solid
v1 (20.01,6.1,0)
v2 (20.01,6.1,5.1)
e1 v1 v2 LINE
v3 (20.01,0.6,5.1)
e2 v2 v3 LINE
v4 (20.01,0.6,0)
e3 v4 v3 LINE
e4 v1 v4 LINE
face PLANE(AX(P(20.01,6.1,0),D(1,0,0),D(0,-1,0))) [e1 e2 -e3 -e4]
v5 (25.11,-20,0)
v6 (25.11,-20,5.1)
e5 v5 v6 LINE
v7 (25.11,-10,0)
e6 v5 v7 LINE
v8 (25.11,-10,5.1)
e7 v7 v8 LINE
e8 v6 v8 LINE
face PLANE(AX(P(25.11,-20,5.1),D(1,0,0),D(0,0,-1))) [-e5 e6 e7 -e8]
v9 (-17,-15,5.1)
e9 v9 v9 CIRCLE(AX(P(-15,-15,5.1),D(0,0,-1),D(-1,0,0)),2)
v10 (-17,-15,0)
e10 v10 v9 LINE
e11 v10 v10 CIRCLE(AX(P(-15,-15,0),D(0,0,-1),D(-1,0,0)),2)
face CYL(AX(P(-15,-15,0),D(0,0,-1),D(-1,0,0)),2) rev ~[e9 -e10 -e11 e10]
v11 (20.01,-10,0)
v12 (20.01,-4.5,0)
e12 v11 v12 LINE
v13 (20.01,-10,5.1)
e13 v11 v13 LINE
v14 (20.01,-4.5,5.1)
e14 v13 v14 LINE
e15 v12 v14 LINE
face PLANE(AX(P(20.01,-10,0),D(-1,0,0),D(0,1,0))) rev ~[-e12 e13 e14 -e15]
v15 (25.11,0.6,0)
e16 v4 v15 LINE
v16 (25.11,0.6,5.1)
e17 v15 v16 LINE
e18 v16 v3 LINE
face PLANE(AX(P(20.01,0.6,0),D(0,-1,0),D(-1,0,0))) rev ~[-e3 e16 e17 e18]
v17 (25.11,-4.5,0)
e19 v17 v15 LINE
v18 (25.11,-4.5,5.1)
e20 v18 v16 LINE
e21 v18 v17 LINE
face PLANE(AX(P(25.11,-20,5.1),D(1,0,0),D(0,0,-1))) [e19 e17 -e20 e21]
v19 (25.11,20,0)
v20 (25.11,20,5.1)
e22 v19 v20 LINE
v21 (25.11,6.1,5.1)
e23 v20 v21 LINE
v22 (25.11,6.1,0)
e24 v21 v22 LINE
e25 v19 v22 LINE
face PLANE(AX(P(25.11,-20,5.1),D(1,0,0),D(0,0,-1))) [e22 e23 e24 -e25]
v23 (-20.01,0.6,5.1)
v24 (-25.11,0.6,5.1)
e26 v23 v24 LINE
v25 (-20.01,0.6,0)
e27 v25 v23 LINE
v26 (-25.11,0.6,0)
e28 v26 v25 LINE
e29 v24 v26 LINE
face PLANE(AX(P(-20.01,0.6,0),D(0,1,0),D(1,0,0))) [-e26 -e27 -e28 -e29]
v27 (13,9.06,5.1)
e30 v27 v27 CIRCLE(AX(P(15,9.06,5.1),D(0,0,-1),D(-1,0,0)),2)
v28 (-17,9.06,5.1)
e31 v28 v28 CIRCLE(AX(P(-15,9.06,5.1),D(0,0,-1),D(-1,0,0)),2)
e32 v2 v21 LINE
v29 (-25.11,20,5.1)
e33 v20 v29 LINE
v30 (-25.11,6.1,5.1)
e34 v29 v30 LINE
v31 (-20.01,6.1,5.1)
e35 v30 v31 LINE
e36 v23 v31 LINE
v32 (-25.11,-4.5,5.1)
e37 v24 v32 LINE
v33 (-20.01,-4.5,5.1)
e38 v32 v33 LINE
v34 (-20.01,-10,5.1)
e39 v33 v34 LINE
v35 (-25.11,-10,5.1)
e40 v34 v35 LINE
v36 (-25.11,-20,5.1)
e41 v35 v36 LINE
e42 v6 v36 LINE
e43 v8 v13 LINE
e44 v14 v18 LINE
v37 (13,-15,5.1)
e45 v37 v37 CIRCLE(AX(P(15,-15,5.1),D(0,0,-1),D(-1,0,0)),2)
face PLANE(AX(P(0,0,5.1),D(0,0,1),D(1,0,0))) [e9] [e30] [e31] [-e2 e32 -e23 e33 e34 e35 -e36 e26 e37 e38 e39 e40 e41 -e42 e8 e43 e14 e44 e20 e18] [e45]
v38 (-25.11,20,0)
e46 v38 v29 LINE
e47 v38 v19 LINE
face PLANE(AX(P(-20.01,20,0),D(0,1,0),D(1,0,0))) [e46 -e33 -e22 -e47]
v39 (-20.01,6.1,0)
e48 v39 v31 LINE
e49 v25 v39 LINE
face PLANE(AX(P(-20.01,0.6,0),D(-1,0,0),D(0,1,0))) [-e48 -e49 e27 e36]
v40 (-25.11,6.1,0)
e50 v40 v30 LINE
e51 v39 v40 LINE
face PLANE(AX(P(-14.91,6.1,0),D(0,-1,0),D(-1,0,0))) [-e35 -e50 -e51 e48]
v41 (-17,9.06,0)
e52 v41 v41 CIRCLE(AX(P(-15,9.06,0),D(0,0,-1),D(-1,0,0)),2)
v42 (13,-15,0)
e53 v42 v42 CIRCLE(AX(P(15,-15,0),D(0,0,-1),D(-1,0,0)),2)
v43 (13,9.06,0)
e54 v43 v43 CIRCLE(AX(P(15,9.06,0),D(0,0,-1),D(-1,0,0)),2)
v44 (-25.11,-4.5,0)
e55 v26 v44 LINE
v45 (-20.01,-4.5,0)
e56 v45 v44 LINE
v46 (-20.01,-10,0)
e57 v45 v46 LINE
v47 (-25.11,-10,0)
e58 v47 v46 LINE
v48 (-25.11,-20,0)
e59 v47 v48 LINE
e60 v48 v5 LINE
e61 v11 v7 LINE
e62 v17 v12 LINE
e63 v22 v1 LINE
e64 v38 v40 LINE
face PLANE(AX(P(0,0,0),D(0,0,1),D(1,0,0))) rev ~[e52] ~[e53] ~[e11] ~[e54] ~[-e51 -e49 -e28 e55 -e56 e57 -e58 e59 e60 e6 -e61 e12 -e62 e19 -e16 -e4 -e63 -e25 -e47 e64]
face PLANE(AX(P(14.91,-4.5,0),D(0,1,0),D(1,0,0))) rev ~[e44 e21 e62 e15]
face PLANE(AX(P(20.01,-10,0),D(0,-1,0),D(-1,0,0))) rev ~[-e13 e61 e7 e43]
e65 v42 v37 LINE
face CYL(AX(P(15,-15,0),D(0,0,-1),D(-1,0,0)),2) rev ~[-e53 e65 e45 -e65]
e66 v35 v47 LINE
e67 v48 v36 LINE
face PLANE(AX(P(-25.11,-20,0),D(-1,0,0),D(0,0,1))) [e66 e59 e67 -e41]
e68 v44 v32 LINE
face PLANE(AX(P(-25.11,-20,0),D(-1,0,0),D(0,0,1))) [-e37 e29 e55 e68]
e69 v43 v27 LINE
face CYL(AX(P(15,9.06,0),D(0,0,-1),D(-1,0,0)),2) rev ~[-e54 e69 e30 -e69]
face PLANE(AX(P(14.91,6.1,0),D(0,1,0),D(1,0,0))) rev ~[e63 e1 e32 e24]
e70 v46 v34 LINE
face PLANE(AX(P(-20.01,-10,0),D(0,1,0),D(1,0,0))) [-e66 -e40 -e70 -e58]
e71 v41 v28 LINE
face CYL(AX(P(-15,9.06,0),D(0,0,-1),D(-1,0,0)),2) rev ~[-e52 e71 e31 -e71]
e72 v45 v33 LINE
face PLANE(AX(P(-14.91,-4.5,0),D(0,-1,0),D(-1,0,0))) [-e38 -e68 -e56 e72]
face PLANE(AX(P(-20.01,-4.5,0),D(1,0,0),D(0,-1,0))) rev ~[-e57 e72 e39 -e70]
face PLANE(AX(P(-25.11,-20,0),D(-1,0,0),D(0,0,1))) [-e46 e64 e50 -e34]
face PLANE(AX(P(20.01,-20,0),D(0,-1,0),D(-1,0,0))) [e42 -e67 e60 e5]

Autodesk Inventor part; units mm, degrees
ref_plane "YZ Plane" through (0, 0, 0) normal (1, 0, 0) x (0, 1, 0)
ref_plane "XZ Plane" through (0, 0, 0) normal (0, 1, 0) x (-1, 0, 0)
ref_plane "XY Plane" through (0, 0, 0) normal (0, 0, 1) x (1, 0, 0)
sketch "Sketch1" plane through (0, 0, 0) normal (0, 0, 1) x (1, 0, 0)
  line L0 (20.01, -20) -> (-20.01, -20)
  line L1 (-20.01, -20) -> (-20.01, 20)
  line L2 (-20.01, 20) -> (20.01, 20)
  line L3 (20.01, 20) -> (20.01, -20)
  line L4 (20.01, -20) -> (-20.01, 20) construction
  line L5 (-20.01, -20) -> (20.01, 20) construction
  line L6 (-20.01, 20) -> (-25.11, 20)
  line L7 (-25.11, 20) -> (-25.11, -20)
  line L8 (-25.11, -20) -> (-20.01, -20)
  line L9 (-20.01, -20) -> (-20.01, 20)
  line L10 (20.01, 20) -> (25.11, 20)
  line L11 (25.11, 20) -> (25.11, -20)
  line L12 (25.11, -20) -> (20.01, -20)
  line L13 (20.01, -20) -> (20.01, 20)
  point P0 (0, 0)
  point P1 (20.01, -20)
  dimension "d0" = 40.02
  dimension "d1" = 40
  dimension "d2" = 5.1
  dimension "d3" = 5.1
extrude "Extrusion1" add sketch "Sketch1" along normal blind 5.1 contours L0 L1 L2 L3
sketch "Sketch3" plane through (0, 0, 0) normal (0, 0, -1) x (-1, 0, 0)
  circle A0 centre (15, -15) radius 2
  circle A1 centre (-15, -15) radius 2
  circle A2 centre (15, 9.06) radius 2
  circle A3 centre (-15, 9.06) radius 2
  point P0 (0, 0)
  dimension "d8" = 4
  dimension "d9" = 4
  dimension "d10" = 4
  dimension "d11" = 4
  dimension "d12" = 15
  dimension "d14" = 15
  dimension "d16" = 15
  dimension "d17" = 15
  dimension "d18" = 15
  dimension "d19" = 15
  dimension "d30" = 24.06
  dimension "d31" = 24.06
extrude "Extrusion3" cut sketch "Sketch3" against normal blind 10
thread "Thread1" size "M4x0.7" class "6H" standard "ANSI Metric M Profile" length 150
thread "Thread2" size "M4x0.7" class "6H" standard "ANSI Metric M Profile" length 150
thread "Thread3" size "M4x0.7" class "6H" standard "ANSI Metric M Profile" length 150
thread "Thread4" size "M4x0.7" class "6H" standard "ANSI Metric M Profile" length 150
sketch "Sketch4" plane through (0, 0, 0) normal (0, 0, -1) x (-1, 0, 0)
  line L0 (20.01, 20) -> (20.01, -20) projected
  line L1 (20.01, -10) -> (14.91, -10)
  line L2 (14.91, -10) -> (14.91, -4.5)
  line L3 (14.91, -4.5) -> (20.01, -4.5)
  line L4 (20.01, -4.5) -> (20.01, -10)
  line L5 (20.01, -20) -> (-20.01, -20) projected
  line L6 (20.01, 0.6) -> (14.91, 0.6)
  line L7 (14.91, 0.6) -> (14.91, 6.1)
  line L8 (14.91, 6.1) -> (20.01, 6.1)
  line L9 (20.01, 6.1) -> (20.01, 0.6)
  line L10 (-20.01, 20) -> (20.01, 20) projected
  line L11 (0, 0) -> (0, -7.4) construction
  line L12 (-20.01, -10) -> (-14.91, -10)
  line L13 (-14.91, -10) -> (-14.91, -4.5)
  line L14 (-14.91, -4.5) -> (-20.01, -4.5)
  line L15 (-20.01, -4.5) -> (-20.01, -10)
  line L16 (-20.01, 0.6) -> (-14.91, 0.6)
  line L17 (-14.91, 0.6) -> (-14.91, 6.1)
  line L18 (-14.91, 6.1) -> (-20.01, 6.1)
  line L19 (-20.01, 6.1) -> (-20.01, 0.6)
  dimension "d32" = 5.1
  dimension "d33" = 5.5
  dimension "d34" = 10
  dimension "d35" = 5.1
  dimension "d36" = 5.5
  dimension "d37" = 13.9
extrude "Extrusion4" cut sketch "Sketch4" against normal blind 10
sketch "Sketch5" plane through (-20.01, -20, 0) normal (-1, 0, 0) x (0, 0, 1)
  line L0 (5.1, 10) -> (0, 10) projected
  line L1 (0, 10) -> (0, 0) projected
  line L2 (0, 0) -> (5.1, 0) projected
  line L3 (5.1, 10) -> (5.1, 0) projected
  line L4 (5.1, 20.6) -> (0, 20.6) projected
  line L5 (0, 20.6) -> (0, 15.5) projected
  line L6 (0, 15.5) -> (5.1, 15.5) projected
  line L7 (5.1, 20.6) -> (5.1, 15.5) projected
  line L8 (0, 26.1) -> (5.1, 26.1) projected
  line L9 (5.1, 40) -> (5.1, 26.1) projected
  line L10 (0, 40) -> (5.1, 40) projected
  line L11 (0, 40) -> (0, 26.1) projected
  point P0 (0, 20)
extrude "Extrusion5" add sketch "Sketch5" along normal blind 5.1
sketch "Sketch6" plane through (20.01, -20, 5.1) normal (1, 0, 0) x (0, 0, -1)
  line L0 (5.1, 10) -> (0, 10) projected
  line L1 (0, 0) -> (0, 10) projected
  line L2 (5.1, 0) -> (0, 0) projected
  line L3 (5.1, 0) -> (5.1, 10) projected
  line L4 (0, 15.5) -> (5.1, 15.5) projected
  line L5 (5.1, 15.5) -> (5.1, 20.6) projected
  line L6 (5.1, 20.6) -> (0, 20.6) projected
  line L7 (0, 15.5) -> (0, 20.6) projected
  line L8 (5.1, 31.06) -> (0, 31.06) projected
  line L9 (0, 26.1) -> (5.1, 26.1) projected
  line L10 (5.1, 26.1) -> (5.1, 40) projected
  line L11 (5.1, 40) -> (0, 40) projected
  line L12 (0, 26.1) -> (0, 40) projected
  point P0 (5.1, 20)
extrude "Extrusion6" add sketch "Sketch6" along normal blind 5.1
sketch "Sketch7" plane through (0, 0, 0) normal (0, 0, -1) x (-1, 0, 0)
  line L0 (14.91, -10) -> (14.91, -4.5) projected
  line L1 (14.91, -10) -> (25.11, -10) projected
  line L2 (14.91, -4.5) -> (20.01, -4.5)
  line L3 (20.01, -4.5) -> (20.01, -10)
  line L4 (20.01, -10) -> (14.91, -10)
  line L5 (14.91, -10) -> (14.91, -4.5)
  line L6 (14.91, 0.6) -> (14.91, 6.1) projected
  line L7 (14.91, 6.1) -> (25.11, 6.1) projected
  line L8 (14.91, 0.6) -> (20.01, 0.6)
  line L9 (20.01, 0.6) -> (20.01, 6.1)
  line L10 (20.01, 6.1) -> (14.91, 6.1)
  line L11 (14.91, 6.1) -> (14.91, 0.6)
  line L12 (-14.91, -10) -> (-25.11, -10) projected
  line L13 (-14.91, -4.5) -> (-25.11, -4.5) projected
  line L14 (-14.91, -10) -> (-20.01, -10)
  line L15 (-20.01, -10) -> (-20.01, -4.5)
  line L16 (-20.01, -4.5) -> (-14.91, -4.5)
  line L17 (-14.91, -4.5) -> (-14.91, -10)
  line L18 (-14.91, 6.1) -> (-14.91, 0.6) projected
  line L19 (-14.91, 0.6) -> (-25.11, 0.6) projected
  line L20 (-14.91, 6.1) -> (-20.01, 6.1)
  line L21 (-20.01, 6.1) -> (-20.01, 0.6)
  line L22 (-20.01, 0.6) -> (-14.91, 0.6)
  line L23 (-14.91, 0.6) -> (-14.91, 6.1)
  point P0 (0, 0)
  dimension "d44" = 5.1
  dimension "d45" = 5.1
extrude "Extrusion7" add sketch "Sketch7" against normal blind 5.1
properties part number "caster wheel mounter" material "Polycarbonate, Clear"
